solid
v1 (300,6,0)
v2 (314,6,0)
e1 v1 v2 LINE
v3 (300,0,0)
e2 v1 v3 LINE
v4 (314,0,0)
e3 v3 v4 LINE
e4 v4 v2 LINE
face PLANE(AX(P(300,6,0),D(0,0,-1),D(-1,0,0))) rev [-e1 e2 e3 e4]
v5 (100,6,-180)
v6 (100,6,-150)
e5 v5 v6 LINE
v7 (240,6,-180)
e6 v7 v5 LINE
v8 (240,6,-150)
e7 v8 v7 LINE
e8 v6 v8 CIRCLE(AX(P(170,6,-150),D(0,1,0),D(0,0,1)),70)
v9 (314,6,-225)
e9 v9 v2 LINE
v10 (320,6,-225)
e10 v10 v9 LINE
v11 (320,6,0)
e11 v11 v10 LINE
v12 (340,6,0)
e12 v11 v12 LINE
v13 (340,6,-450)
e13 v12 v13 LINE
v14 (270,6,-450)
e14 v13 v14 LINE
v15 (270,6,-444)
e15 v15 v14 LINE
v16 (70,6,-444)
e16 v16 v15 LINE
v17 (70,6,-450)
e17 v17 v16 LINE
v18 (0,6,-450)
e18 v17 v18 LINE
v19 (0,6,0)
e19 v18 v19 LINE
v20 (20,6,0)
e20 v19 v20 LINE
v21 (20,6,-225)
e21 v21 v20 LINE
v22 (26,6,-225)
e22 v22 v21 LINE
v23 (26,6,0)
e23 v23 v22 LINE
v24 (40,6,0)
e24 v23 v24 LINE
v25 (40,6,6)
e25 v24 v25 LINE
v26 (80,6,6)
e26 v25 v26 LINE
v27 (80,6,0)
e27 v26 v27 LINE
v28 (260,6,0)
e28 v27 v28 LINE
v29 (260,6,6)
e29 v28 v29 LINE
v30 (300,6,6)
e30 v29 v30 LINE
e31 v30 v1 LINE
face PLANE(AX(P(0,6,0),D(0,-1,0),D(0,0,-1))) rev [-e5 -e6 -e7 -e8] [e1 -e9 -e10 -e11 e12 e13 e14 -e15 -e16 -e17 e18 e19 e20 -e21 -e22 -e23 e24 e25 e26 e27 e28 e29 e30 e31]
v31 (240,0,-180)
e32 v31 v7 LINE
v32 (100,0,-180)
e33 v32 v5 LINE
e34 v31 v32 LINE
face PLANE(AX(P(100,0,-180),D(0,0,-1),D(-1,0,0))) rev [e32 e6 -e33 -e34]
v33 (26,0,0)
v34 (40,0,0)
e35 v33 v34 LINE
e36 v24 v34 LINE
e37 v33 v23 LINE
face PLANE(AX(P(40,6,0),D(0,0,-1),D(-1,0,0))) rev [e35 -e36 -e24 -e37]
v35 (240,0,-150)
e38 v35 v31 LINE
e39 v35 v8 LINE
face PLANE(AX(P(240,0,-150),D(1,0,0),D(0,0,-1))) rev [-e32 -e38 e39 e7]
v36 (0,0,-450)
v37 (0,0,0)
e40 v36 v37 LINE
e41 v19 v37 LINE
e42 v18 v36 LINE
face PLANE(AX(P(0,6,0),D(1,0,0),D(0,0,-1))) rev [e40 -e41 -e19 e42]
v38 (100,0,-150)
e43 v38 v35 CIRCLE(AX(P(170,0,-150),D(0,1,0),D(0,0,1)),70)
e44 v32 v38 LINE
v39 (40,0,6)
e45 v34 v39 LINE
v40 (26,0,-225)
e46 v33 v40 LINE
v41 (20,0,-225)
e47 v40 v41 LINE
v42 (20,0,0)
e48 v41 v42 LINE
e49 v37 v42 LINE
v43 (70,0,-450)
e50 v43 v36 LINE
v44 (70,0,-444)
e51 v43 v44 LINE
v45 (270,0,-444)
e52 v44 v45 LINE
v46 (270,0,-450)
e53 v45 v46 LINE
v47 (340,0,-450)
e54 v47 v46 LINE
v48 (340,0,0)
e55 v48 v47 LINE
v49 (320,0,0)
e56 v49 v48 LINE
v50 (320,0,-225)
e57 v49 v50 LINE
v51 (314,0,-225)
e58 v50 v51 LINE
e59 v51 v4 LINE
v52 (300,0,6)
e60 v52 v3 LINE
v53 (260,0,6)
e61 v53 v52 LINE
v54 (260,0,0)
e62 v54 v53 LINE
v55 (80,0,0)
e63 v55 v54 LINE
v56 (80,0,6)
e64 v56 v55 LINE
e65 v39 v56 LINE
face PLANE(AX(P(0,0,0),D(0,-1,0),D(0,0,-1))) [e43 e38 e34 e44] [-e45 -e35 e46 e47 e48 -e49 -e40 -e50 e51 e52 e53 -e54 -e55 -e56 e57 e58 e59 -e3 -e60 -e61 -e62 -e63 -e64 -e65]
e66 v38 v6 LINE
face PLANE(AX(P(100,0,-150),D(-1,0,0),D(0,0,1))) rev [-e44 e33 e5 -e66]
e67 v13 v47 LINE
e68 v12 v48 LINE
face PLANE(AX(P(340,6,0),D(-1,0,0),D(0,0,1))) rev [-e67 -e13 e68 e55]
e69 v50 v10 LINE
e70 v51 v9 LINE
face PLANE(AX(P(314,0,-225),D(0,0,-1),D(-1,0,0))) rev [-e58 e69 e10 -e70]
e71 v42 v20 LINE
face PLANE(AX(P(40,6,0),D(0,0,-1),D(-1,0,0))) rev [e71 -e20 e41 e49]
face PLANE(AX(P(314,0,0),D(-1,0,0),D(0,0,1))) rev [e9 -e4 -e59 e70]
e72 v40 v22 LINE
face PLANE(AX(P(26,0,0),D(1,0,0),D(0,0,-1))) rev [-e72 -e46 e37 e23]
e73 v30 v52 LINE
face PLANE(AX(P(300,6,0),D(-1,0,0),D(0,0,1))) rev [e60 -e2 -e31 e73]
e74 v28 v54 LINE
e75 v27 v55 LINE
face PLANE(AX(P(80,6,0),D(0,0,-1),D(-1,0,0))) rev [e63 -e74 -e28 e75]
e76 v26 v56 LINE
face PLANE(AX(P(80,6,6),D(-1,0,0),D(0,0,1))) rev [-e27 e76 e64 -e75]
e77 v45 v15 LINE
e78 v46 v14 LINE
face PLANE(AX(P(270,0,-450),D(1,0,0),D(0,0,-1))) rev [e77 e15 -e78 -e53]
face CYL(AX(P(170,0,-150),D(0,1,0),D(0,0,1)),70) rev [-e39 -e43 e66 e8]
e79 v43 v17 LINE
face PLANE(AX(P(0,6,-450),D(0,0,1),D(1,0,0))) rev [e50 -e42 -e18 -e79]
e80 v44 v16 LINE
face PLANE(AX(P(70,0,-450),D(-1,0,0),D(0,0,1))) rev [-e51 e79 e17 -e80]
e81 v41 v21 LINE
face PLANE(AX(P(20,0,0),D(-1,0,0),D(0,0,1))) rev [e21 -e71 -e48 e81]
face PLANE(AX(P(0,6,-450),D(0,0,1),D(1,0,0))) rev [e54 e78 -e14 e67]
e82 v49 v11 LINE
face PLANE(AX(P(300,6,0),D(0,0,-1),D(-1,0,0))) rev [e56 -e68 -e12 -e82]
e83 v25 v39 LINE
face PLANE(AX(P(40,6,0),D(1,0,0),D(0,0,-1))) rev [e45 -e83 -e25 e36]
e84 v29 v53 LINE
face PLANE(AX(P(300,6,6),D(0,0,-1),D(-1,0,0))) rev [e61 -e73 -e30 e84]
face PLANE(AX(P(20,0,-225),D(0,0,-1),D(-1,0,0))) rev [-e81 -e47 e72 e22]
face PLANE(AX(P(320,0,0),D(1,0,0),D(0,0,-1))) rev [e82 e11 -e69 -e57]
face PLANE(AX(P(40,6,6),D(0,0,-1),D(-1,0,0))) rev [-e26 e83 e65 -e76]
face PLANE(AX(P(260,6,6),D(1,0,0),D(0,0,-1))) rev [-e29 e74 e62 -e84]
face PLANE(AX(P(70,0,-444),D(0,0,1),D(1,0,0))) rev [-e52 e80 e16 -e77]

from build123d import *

# Parameters (mm, degrees)
BOSS_EXTRUDE1_DEPTH = 6
SKETCH2_W           = 6
SKETCH2_H           = 225
CUT_EXTRUDE1_DEPTH  = 6
LPATTERN1_COUNT     = 2
LPATTERN1_PITCH     = 294
SKETCH3_W           = 200
SKETCH3_H           = 6
CUT_EXTRUDE2_DEPTH  = 6


with BuildPart() as part:
    # Sketch1 → Boss-Extrude1 (new body)
    with BuildSketch(Plane(origin=(0, 0, 0), x_dir=(1, 0, 0), z_dir=(0, 1, 0))):
        Polygon((300, 0), (300, -6), (260, -6), (260, 0), (80, 0), (80, -6), (40, -6), (40, 0), (0, 0), (0, 450), (340, 450), (340, 0), align=None)
    extrude(amount=BOSS_EXTRUDE1_DEPTH)

    # Sketch2 → Cut-Extrude1 (cut)
    with BuildSketch(Plane(origin=(0, 6, 0), x_dir=(1, 0, 0), z_dir=(0, 1, 0))):
        with Locations((23, 112.5)):
            Rectangle(SKETCH2_W, SKETCH2_H)
    cut_extrude1 = extrude(amount=-CUT_EXTRUDE1_DEPTH, mode=Mode.SUBTRACT)

    # LPattern1: Cut-Extrude1 ×2
    with Locations(*[(i * LPATTERN1_PITCH, 0, 0) for i in range(1, LPATTERN1_COUNT)]):
        add(cut_extrude1, mode=Mode.SUBTRACT)

    # Sketch3 → Cut-Extrude2 (cut)
    with BuildSketch(Plane(origin=(0, 6, 0), x_dir=(1, 0, 0), z_dir=(0, 1, 0))):
        with BuildLine():
            Line((100, 150), (100, 180))
            Line((100, 180), (240, 180))
            Line((240, 180), (240, 150))
            ThreePointArc((240, 150), (170, 80), (100, 150))
        make_face()
        with Locations((170, 447)):
            Rectangle(SKETCH3_W, SKETCH3_H)
    extrude(amount=-CUT_EXTRUDE2_DEPTH, mode=Mode.SUBTRACT)


solid = part.part
